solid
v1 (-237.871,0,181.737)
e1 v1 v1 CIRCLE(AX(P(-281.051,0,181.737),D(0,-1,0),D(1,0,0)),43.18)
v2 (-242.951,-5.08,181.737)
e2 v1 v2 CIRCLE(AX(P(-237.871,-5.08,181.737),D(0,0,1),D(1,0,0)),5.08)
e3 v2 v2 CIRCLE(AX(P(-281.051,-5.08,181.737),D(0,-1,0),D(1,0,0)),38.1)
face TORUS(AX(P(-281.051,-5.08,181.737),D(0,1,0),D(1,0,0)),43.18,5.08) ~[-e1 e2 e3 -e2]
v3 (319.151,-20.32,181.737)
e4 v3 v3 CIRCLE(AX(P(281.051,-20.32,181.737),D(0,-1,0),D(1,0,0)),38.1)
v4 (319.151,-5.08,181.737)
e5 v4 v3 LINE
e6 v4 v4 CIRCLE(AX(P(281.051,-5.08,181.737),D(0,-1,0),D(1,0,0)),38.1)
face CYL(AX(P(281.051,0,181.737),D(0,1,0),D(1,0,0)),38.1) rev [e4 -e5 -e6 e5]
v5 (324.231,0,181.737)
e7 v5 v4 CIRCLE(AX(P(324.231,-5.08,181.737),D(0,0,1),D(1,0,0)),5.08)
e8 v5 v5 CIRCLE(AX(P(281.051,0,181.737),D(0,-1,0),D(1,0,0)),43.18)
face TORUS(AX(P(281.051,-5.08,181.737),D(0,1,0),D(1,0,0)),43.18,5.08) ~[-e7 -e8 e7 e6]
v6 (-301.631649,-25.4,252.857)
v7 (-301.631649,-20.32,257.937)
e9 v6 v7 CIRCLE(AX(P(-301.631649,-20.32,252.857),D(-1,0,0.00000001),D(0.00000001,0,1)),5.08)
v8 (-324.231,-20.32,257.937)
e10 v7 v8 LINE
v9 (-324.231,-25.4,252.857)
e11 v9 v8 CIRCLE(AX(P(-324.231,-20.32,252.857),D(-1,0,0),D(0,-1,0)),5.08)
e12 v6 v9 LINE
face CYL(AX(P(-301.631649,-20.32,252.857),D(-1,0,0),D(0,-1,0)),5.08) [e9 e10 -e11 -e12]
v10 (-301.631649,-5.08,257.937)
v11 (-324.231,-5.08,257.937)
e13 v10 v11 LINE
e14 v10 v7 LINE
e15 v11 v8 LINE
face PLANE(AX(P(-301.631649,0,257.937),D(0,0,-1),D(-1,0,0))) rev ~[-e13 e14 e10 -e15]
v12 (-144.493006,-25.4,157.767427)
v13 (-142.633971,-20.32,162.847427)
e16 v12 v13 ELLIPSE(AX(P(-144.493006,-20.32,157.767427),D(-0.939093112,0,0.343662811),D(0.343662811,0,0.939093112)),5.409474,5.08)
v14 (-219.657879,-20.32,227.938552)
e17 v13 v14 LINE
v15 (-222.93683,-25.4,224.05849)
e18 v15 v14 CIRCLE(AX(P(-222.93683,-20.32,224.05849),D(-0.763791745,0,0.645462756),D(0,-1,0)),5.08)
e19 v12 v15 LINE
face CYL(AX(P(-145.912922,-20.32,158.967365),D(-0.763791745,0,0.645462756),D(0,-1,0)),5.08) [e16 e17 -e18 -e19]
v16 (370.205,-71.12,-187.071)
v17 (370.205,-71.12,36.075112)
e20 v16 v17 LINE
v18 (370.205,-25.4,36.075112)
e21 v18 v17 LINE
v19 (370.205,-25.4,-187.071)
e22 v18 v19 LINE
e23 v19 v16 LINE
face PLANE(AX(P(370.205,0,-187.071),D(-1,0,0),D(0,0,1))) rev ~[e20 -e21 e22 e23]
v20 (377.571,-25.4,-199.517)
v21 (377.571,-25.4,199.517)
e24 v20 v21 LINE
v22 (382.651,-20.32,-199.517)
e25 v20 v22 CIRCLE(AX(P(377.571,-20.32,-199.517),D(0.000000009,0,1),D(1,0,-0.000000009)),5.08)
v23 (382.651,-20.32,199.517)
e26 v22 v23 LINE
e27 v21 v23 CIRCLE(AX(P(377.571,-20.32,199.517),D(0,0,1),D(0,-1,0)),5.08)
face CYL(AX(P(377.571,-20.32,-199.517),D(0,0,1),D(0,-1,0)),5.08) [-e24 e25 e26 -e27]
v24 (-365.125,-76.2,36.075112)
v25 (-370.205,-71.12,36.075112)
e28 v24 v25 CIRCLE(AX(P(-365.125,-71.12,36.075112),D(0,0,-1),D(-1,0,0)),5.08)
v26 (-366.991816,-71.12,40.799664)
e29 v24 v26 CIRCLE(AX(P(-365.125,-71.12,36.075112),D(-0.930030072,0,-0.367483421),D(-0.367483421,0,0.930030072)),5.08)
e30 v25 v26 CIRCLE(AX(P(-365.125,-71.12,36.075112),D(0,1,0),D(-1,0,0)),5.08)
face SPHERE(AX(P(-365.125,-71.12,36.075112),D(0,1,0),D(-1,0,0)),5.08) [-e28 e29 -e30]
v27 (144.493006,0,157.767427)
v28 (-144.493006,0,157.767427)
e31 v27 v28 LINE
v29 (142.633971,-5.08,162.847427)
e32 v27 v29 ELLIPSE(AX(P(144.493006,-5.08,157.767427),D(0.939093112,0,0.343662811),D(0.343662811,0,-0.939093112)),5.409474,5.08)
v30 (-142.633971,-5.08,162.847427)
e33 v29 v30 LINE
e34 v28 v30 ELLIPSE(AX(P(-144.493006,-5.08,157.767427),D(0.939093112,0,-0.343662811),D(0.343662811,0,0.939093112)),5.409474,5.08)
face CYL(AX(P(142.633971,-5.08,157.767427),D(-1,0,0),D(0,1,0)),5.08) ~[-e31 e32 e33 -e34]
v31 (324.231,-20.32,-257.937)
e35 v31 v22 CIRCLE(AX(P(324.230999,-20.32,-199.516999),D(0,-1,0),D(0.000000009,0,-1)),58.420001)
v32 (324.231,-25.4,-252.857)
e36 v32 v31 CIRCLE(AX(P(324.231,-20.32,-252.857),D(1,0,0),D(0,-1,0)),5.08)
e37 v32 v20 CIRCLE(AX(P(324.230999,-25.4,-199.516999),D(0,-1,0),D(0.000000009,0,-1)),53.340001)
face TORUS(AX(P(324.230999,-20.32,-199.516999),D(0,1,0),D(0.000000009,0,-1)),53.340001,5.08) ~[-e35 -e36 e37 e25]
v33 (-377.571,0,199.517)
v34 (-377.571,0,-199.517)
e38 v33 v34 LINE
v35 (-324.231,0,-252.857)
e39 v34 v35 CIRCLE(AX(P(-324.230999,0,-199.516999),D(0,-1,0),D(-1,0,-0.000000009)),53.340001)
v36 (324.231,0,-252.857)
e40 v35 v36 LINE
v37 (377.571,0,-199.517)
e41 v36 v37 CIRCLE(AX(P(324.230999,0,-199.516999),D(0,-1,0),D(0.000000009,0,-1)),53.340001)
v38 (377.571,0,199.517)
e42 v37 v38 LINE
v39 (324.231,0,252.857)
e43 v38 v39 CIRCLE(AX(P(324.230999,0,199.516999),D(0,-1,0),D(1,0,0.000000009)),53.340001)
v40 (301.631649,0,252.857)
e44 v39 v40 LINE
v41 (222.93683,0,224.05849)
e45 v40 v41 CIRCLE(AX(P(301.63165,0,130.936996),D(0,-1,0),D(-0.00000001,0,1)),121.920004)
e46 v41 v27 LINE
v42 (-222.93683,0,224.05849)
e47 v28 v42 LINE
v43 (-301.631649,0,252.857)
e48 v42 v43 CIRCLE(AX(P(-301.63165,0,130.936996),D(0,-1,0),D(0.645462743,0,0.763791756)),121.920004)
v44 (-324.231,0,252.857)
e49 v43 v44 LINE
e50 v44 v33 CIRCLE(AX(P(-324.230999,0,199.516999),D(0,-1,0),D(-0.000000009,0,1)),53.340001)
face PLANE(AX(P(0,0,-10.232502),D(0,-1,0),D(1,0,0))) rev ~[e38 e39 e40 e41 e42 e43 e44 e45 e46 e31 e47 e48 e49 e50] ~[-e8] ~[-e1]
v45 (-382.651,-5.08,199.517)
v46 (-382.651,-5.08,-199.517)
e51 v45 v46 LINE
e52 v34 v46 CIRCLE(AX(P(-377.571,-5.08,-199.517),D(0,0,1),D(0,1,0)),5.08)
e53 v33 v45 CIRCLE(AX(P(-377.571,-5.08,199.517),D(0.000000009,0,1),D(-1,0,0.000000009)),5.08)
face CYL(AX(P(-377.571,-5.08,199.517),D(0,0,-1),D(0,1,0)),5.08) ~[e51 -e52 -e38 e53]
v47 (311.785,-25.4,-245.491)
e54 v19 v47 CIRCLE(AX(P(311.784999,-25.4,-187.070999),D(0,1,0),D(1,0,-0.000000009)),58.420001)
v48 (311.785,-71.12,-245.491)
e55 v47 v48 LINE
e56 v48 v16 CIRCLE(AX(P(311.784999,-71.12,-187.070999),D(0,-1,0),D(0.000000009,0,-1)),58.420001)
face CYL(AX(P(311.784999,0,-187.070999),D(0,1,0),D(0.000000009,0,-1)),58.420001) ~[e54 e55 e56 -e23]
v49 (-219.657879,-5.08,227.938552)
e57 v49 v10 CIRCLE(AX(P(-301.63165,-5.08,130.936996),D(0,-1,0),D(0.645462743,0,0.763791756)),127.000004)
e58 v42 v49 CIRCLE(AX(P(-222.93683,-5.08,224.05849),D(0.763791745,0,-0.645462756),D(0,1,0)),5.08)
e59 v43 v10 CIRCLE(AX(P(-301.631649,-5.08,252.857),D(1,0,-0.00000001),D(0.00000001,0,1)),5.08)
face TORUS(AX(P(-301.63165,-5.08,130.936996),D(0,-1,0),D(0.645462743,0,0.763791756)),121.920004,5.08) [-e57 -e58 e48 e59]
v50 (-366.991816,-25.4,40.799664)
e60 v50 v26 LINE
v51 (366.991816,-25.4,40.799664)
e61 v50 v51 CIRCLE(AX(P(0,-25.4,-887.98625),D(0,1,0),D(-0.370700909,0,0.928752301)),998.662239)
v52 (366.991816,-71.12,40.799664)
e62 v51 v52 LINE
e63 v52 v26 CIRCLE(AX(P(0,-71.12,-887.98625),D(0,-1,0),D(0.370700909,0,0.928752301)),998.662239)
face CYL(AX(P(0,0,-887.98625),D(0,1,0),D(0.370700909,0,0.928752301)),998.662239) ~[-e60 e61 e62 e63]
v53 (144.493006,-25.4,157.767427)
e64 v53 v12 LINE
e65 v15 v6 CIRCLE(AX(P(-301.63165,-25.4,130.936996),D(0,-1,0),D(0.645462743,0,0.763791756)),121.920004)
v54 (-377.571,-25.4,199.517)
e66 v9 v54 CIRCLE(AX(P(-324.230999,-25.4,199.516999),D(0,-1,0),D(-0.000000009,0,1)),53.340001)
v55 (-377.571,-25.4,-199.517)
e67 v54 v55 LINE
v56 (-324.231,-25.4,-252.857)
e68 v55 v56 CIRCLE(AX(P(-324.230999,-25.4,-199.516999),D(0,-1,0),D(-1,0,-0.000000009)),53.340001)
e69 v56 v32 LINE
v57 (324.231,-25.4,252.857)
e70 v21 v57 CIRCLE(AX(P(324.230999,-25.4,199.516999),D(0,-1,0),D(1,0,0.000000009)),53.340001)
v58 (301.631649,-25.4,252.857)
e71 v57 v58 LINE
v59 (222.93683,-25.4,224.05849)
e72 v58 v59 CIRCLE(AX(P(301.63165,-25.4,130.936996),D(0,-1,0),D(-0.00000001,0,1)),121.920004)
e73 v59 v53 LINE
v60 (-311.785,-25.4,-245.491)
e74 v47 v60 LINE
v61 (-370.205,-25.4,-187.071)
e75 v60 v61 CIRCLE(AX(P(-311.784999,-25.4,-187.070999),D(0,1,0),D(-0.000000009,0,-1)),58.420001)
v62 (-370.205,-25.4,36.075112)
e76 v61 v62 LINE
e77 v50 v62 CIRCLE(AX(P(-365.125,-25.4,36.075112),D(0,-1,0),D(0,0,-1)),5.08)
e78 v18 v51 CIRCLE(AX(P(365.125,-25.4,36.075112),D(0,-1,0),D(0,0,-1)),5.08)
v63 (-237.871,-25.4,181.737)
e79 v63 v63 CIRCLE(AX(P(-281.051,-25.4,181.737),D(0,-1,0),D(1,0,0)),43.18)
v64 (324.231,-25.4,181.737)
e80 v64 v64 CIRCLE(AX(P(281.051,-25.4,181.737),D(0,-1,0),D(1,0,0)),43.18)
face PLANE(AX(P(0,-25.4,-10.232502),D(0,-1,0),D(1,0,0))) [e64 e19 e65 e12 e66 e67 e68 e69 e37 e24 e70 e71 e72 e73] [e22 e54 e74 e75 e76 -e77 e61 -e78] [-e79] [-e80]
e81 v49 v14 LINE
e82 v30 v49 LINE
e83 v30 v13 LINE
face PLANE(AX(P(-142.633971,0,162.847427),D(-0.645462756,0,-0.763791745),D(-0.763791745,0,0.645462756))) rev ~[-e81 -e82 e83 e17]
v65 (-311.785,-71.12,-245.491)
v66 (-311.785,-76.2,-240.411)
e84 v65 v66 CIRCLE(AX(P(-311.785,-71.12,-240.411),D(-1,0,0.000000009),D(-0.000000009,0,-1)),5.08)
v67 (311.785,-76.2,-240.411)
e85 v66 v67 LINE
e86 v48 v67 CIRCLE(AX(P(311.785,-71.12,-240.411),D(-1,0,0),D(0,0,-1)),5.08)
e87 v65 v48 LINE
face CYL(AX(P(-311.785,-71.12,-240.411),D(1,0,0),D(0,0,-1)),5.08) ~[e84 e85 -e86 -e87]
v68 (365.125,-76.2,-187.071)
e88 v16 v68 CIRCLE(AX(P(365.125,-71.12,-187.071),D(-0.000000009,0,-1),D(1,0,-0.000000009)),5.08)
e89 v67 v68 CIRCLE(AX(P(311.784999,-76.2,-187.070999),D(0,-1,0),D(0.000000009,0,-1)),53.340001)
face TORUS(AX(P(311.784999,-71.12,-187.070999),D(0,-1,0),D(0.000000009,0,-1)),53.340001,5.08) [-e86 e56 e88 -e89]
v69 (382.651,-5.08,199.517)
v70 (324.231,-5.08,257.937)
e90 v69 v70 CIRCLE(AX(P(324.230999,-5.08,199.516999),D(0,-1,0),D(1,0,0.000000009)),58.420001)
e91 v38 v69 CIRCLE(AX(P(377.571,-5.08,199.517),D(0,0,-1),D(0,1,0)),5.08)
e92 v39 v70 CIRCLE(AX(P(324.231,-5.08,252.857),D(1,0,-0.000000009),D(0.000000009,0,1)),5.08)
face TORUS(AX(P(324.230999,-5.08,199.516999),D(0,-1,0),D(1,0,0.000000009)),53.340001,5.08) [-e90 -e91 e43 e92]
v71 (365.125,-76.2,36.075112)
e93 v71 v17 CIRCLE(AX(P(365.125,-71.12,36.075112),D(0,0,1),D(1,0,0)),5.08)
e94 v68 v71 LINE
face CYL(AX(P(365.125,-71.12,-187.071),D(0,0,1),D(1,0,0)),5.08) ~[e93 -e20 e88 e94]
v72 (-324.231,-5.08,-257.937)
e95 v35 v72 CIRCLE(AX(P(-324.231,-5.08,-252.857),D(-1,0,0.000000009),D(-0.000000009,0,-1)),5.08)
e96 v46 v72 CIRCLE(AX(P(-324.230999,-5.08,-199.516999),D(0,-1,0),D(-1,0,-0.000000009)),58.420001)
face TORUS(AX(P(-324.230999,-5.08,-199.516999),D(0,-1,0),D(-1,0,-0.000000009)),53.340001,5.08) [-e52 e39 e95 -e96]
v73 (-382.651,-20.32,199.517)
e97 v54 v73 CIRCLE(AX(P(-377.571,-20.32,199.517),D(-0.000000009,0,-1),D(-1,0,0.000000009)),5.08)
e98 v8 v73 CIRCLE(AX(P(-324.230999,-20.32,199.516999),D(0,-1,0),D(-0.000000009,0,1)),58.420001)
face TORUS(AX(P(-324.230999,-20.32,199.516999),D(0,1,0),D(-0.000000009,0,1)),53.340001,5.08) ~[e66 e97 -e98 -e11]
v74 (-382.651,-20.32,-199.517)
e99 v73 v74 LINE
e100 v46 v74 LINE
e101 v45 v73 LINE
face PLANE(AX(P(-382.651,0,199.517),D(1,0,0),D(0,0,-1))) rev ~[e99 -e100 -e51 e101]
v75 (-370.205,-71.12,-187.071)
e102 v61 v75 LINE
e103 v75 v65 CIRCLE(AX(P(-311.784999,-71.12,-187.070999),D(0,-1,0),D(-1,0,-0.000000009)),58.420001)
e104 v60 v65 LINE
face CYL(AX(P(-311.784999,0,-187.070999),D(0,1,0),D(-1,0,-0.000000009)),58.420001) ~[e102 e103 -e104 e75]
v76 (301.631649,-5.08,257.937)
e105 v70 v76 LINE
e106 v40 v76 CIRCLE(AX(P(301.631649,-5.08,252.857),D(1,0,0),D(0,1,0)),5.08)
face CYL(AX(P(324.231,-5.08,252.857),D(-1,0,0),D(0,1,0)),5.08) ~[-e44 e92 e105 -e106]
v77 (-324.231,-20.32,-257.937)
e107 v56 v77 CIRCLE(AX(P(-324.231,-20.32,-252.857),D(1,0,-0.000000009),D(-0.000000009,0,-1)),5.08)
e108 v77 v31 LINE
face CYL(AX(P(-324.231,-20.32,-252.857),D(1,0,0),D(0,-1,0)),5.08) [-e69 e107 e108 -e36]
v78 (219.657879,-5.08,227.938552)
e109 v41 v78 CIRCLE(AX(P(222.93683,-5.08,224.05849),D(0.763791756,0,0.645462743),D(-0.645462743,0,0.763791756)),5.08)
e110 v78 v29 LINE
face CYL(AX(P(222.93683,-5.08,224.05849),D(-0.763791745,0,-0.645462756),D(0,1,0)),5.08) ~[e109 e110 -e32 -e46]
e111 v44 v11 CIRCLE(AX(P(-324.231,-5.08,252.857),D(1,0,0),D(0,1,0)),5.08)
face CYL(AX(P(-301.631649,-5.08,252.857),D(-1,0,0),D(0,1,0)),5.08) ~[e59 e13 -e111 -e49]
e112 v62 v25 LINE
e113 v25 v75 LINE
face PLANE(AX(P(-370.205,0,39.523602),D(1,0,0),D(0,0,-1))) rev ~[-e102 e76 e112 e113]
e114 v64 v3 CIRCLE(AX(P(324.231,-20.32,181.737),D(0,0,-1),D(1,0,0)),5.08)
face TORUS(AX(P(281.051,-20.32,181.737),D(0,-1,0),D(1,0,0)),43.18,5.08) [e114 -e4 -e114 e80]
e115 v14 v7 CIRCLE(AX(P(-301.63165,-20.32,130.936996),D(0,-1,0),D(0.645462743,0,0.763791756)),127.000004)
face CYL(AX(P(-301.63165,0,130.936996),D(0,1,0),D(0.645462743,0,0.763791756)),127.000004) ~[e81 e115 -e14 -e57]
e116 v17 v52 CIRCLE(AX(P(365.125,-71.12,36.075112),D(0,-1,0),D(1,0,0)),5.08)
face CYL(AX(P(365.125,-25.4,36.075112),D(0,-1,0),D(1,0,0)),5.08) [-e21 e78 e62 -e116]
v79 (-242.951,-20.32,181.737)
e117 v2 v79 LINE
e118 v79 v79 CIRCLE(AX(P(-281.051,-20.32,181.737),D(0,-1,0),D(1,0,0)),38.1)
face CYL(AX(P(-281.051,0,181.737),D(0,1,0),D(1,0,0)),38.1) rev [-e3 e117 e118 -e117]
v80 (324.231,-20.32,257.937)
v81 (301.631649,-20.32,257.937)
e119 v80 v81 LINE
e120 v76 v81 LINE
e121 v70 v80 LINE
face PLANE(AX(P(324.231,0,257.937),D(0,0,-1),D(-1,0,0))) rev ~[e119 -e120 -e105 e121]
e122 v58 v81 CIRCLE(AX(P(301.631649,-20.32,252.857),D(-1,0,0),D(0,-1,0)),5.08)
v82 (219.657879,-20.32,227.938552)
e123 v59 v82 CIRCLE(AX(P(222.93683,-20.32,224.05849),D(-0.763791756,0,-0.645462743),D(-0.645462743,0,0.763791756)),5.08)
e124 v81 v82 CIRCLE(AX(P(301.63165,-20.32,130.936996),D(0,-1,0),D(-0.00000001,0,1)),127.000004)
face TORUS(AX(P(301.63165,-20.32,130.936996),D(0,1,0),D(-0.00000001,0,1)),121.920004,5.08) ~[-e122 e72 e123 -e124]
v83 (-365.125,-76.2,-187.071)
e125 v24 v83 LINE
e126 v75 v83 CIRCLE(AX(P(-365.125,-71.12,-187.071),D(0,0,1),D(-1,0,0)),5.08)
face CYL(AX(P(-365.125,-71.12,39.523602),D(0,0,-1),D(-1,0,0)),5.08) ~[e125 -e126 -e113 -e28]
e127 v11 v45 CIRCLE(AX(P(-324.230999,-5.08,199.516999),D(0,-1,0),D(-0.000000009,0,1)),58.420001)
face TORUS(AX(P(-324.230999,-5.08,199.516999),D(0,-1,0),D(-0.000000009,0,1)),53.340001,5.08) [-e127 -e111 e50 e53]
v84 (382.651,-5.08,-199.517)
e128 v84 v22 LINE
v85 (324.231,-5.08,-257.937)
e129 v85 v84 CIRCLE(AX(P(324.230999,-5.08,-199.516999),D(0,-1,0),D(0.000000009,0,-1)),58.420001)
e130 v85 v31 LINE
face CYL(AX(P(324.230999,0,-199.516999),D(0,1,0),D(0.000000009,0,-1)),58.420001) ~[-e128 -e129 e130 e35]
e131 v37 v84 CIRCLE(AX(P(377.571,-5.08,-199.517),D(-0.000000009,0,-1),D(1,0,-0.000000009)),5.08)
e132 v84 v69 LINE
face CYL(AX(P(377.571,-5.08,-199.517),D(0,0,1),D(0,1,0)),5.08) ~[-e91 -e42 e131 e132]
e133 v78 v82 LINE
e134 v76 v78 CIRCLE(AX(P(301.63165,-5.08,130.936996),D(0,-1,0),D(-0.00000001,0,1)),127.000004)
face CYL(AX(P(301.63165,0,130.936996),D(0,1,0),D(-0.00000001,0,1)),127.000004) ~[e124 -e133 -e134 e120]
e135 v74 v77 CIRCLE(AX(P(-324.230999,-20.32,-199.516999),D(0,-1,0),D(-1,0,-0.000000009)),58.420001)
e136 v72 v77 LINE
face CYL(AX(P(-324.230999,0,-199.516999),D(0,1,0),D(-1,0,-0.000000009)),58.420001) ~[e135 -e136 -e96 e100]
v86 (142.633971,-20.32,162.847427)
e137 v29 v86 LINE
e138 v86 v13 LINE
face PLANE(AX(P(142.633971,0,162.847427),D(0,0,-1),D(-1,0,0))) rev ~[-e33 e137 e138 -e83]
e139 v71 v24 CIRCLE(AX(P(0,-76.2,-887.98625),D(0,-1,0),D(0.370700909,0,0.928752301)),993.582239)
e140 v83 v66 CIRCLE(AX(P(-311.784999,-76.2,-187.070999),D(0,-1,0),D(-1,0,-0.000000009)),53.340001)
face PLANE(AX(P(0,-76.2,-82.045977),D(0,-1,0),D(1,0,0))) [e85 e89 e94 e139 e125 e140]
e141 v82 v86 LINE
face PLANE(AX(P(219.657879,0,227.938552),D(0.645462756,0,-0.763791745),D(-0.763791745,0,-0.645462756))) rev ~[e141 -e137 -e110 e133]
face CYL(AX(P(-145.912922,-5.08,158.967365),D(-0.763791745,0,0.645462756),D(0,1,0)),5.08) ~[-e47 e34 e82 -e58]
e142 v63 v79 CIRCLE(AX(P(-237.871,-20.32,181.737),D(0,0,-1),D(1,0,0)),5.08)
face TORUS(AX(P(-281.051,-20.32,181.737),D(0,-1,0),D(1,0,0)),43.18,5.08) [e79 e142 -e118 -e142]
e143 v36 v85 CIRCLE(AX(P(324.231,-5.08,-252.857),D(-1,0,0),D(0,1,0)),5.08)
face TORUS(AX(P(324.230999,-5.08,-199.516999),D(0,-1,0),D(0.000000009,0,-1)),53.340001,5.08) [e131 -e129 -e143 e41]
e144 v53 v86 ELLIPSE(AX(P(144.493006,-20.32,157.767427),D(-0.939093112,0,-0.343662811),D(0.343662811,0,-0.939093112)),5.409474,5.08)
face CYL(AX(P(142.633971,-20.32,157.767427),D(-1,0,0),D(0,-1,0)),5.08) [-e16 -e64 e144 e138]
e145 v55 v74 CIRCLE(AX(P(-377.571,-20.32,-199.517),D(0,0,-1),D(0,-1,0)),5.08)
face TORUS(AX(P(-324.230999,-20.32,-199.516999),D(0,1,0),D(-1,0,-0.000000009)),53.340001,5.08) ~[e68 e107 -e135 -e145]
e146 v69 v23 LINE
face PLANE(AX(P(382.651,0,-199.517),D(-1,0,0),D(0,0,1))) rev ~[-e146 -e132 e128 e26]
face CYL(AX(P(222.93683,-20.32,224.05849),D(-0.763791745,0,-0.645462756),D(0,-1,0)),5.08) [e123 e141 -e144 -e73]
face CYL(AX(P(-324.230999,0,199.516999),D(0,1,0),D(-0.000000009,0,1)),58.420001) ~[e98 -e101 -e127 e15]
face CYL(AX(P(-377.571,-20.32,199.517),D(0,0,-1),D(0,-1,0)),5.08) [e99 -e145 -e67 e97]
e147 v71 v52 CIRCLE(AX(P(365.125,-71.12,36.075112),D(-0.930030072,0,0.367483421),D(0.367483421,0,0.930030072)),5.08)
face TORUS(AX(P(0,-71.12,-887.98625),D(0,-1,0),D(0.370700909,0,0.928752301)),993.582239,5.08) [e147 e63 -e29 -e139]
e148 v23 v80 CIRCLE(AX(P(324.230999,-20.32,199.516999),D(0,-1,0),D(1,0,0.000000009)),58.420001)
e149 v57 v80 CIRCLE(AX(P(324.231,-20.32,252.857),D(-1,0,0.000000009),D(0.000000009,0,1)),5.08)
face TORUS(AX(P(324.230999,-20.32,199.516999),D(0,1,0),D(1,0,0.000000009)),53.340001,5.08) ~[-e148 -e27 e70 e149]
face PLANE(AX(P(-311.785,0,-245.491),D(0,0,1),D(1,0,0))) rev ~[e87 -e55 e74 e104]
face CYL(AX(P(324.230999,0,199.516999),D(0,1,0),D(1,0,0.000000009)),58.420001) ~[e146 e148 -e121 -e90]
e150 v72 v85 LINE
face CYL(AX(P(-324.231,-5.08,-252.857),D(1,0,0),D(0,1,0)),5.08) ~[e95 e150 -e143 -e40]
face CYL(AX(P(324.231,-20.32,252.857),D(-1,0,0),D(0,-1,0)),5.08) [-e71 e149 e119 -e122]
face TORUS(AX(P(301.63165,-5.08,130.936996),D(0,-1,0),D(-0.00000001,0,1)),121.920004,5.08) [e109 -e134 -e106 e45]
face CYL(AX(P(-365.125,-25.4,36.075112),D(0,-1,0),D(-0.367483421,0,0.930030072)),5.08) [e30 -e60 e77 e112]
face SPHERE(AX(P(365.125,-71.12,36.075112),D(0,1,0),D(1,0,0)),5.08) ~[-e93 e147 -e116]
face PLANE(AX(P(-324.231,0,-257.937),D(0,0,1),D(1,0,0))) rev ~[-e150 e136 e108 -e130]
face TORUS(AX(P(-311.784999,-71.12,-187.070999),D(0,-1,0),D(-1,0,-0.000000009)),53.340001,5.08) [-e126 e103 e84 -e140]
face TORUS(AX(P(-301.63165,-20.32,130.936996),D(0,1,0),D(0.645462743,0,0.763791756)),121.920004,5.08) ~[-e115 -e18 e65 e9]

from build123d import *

# Parameters (mm, degrees)
F1_DEPTH = 76.2
F0_R     = 38.1
F2_DEPTH = 25.4
F3_R     = 5.08


with BuildPart() as f1:
    # F0 (on Front) → F1 (new body)
    with BuildSketch(Plane.XZ):
        with BuildLine():
            ThreePointArc((-370.205, -187.071), (-353.094178, -228.380178), (-311.785, -245.491))
            Line((-311.785, -245.491), (311.785, -245.491))
            ThreePointArc((311.785, -245.491), (353.094178, -228.380178), (370.205, -187.071))
            Line((370.205, -187.071), (370.205, 39.523602))
            ThreePointArc((370.205, 39.523602), (0, 110.675989), (-370.205, 39.523602))
            Line((-370.205, 39.523602), (-370.205, -187.071))
        make_face()
    extrude(amount=F1_DEPTH)

    # F0 (on Front) → F2 (join)
    with BuildSketch(Plane.XZ):
        with BuildLine():
            ThreePointArc((382.651, 199.517), (365.540178, 240.826178), (324.231, 257.937))
            Line((324.231, 257.937), (301.631649, 257.937))
            ThreePointArc((301.631649, 257.937), (257.986472, 250.201825), (219.657879, 227.938552))
            Line((219.657879, 227.938552), (142.633971, 162.847427))
            Line((142.633971, 162.847427), (-142.633971, 162.847427))
            Line((-142.633971, 162.847427), (-219.657879, 227.938552))
            ThreePointArc((-219.657879, 227.938552), (-257.986472, 250.201825), (-301.631649, 257.937))
            Line((-301.631649, 257.937), (-324.231, 257.937))
            ThreePointArc((-324.231, 257.937), (-365.540178, 240.826178), (-382.651, 199.517))
            Line((-382.651, 199.517), (-382.651, -199.517))
            ThreePointArc((-382.651, -199.517), (-365.540178, -240.826178), (-324.231, -257.937))
            Line((-324.231, -257.937), (324.231, -257.937))
            ThreePointArc((324.231, -257.937), (365.540178, -240.826178), (382.651, -199.517))
            Line((382.651, -199.517), (382.651, 199.517))
        make_face()
        with BuildLine():
            Line((311.785, -245.491), (-311.785, -245.491))
            ThreePointArc((-311.785, -245.491), (-353.094178, -228.380178), (-370.205, -187.071))
            Line((-370.205, -187.071), (-370.205, 39.523602))
            ThreePointArc((-370.205, 39.523602), (0, 110.675989), (370.205, 39.523602))
            Line((370.205, 39.523602), (370.205, -187.071))
            ThreePointArc((370.205, -187.071), (353.094178, -228.380178), (311.785, -245.491))
        make_face(mode=Mode.SUBTRACT)
        with Locations((-281.051, 181.737)):
            Circle(F0_R, mode=Mode.SUBTRACT)
        with Locations((281.051, 181.737)):
            Circle(F0_R, mode=Mode.SUBTRACT)
    extrude(amount=F2_DEPTH)

    # F3
    f3_edges = [f1.edges().sort_by_distance(p)[0] for p in [
        (-382.651, -25.4, 0),
        (-365.540178, -25.4, 240.826178),
        (-312.931324, -25.4, 257.937),
        (-257.986472, -25.4, 250.201825),
        (-181.145925, -25.4, 195.392989),
        (0, -25.4, 162.847427),
        (181.145925, -25.4, 195.392989),
        (257.986472, -25.4, 250.201825),
        (312.931324, -25.4, 257.937),
        (365.540178, -25.4, 240.826178),
        (382.651, -25.4, 0),
        (365.540178, -25.4, -240.826178),
        (0, -25.4, -257.937),
        (353.094178, -76.2, -228.380178),
        (370.205, -76.2, -73.773699),
        (0, -76.2, -245.491),
        (0, -76.2, 110.675989),
        (-382.651, 0, 0),
        (-365.540178, 0, 240.826178),
        (382.651, 0, 0),
        (365.540178, 0, 240.826178),
        (312.931324, 0, 257.937),
        (0, 0, 162.847427),
        (-181.145925, 0, 195.392989),
        (242.951, 0, 181.737),
        (242.951, -25.4, 181.737),
        (370.205, -50.8, 39.523602),
        (-370.205, -76.2, -73.773699),
        (-370.205, -50.8, 39.523602),
        (-353.094178, -76.2, -228.380178),
        (-365.540178, -25.4, -240.826178),
        (-365.540178, 0, -240.826178),
        (-319.151, -25.4, 181.737),
        (-319.151, 0, 181.737),
        (-312.931324, 0, 257.937),
        (-257.986472, 0, 250.201825),
        (257.986472, 0, 250.201825),
        (181.145925, 0, 195.392989),
        (365.540178, 0, -240.826178),
    ]]
    fillet(f3_edges, radius=F3_R)


solid = f1.part
